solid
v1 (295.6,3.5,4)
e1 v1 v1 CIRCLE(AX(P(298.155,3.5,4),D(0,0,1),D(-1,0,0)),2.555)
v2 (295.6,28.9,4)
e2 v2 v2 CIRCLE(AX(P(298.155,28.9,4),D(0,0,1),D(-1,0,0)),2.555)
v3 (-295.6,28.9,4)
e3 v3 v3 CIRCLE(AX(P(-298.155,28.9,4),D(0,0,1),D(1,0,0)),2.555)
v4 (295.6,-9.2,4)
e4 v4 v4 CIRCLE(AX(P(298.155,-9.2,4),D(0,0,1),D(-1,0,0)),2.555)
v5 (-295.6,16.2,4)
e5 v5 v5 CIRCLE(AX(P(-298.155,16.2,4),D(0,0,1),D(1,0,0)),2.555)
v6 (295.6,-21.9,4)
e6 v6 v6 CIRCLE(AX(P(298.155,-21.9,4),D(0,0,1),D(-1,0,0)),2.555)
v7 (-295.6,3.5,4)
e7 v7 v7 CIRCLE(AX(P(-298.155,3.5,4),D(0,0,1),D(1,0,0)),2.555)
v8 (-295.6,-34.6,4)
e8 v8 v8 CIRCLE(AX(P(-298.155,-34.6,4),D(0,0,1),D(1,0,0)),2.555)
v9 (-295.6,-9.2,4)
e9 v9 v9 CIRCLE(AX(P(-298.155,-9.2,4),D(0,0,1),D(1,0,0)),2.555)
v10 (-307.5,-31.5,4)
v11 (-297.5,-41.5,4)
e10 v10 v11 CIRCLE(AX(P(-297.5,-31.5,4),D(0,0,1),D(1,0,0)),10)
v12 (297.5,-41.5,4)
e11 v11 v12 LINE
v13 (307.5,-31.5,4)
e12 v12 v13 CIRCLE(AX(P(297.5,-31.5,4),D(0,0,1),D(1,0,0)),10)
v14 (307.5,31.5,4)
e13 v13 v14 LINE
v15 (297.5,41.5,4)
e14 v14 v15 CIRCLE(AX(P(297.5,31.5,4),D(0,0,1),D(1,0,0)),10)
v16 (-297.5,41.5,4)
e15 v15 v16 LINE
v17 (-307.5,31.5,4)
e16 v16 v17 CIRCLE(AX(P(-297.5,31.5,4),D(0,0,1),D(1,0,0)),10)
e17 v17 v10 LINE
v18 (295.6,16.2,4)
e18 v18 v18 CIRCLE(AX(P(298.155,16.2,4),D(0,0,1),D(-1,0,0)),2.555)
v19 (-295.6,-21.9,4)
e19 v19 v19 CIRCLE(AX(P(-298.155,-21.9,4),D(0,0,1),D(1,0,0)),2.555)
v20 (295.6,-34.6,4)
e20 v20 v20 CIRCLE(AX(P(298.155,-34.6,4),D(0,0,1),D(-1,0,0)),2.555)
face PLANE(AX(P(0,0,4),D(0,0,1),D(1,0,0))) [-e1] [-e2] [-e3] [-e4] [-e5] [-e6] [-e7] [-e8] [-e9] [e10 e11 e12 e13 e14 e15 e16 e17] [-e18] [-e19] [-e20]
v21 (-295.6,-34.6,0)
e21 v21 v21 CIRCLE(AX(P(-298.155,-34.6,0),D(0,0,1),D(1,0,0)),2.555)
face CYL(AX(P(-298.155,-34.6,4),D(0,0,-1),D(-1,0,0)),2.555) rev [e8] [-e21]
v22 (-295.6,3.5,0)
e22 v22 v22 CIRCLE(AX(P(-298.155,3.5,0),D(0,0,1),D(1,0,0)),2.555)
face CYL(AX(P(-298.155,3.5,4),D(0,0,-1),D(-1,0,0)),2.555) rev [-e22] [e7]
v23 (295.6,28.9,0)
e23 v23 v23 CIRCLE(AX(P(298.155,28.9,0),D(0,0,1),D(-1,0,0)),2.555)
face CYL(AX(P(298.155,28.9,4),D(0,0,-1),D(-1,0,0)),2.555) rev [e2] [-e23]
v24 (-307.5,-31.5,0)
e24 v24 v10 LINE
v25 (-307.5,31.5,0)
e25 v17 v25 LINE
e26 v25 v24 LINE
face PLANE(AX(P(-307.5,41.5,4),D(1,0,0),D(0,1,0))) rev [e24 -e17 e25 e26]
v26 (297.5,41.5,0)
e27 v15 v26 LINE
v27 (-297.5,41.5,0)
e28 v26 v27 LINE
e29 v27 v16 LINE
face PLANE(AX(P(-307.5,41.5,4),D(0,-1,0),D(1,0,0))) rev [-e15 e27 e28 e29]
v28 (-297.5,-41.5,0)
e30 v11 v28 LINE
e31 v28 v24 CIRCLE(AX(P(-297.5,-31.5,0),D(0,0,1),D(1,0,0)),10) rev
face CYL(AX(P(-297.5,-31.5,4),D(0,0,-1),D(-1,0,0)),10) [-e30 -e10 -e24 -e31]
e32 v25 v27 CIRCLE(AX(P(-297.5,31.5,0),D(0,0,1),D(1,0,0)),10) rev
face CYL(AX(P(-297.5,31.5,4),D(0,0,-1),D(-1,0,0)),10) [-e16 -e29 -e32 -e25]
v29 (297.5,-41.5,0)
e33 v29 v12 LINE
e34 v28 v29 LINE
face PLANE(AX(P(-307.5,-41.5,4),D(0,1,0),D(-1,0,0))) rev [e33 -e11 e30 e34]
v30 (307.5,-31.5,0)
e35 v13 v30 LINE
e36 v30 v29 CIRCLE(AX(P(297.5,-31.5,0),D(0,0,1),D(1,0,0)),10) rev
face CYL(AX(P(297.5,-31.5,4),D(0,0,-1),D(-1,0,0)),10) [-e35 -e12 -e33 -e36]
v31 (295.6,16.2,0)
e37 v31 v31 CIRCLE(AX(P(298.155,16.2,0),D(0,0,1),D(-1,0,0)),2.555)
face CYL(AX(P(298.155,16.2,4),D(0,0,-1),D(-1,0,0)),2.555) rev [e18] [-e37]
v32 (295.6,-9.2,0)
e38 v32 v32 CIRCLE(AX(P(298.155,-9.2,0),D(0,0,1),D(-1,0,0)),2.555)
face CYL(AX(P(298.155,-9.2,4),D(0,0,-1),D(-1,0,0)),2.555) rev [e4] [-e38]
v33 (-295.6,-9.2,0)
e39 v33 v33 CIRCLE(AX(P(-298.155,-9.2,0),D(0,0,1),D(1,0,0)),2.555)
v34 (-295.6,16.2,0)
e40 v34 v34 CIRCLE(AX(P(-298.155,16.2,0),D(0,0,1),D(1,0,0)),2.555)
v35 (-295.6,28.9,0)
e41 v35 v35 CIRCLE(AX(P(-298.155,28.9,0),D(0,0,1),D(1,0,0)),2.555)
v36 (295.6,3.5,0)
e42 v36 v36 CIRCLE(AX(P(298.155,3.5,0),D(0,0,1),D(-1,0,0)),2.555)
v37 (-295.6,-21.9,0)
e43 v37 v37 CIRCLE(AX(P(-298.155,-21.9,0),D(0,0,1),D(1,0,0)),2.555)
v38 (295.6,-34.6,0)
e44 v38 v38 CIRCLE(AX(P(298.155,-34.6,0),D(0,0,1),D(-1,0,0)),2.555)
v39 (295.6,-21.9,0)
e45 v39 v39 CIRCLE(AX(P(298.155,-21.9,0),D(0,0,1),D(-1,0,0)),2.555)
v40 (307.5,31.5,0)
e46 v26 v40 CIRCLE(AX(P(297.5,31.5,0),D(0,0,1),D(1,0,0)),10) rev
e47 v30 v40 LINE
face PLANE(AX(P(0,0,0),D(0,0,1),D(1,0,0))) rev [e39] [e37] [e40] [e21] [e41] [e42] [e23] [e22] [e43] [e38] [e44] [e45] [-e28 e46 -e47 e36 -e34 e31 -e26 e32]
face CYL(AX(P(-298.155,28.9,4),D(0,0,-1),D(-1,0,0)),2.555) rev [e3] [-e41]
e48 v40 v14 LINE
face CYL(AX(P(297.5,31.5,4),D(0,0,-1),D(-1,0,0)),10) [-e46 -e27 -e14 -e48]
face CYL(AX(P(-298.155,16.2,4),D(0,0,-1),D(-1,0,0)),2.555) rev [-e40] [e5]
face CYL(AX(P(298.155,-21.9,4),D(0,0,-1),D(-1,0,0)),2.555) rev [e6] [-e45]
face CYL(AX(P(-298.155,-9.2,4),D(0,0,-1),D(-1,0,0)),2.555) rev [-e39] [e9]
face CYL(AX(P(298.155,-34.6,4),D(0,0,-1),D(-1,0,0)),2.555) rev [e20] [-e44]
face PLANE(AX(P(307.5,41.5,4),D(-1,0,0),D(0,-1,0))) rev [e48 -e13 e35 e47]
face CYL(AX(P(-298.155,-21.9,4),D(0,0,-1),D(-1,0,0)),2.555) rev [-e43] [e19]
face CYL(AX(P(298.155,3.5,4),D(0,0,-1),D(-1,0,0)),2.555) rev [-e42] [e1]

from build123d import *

# Parameters (mm, degrees)
SKETCH_1_W      = 615
SKETCH_1_H      = 83
SKETCH_1_R      = 2.555
EXTRUDE_1_DEPTH = 4
FILLET_1_R      = 10


with BuildPart() as part:
    # 草图1 → 凸台-拉伸1 (new body)
    with BuildSketch(Plane.XY):
        Rectangle(SKETCH_1_W, SKETCH_1_H)
        with Locations((-298.155, -34.6)):
            Circle(SKETCH_1_R, mode=Mode.SUBTRACT)
        with Locations((-298.155, -21.9)):
            Circle(SKETCH_1_R, mode=Mode.SUBTRACT)
        with Locations((-298.155, -9.2)):
            Circle(SKETCH_1_R, mode=Mode.SUBTRACT)
        with Locations((-298.155, 3.5)):
            Circle(SKETCH_1_R, mode=Mode.SUBTRACT)
        with Locations((-298.155, 16.2)):
            Circle(SKETCH_1_R, mode=Mode.SUBTRACT)
        with Locations(Location((298.155, 16.2, 0), (0, 0, 180))):
            Circle(SKETCH_1_R, mode=Mode.SUBTRACT)
        with Locations(Location((298.155, 3.5, 0), (0, 0, 180))):
            Circle(SKETCH_1_R, mode=Mode.SUBTRACT)
        with Locations(Location((298.155, -9.2, 0), (0, 0, 180))):
            Circle(SKETCH_1_R, mode=Mode.SUBTRACT)
        with Locations(Location((298.155, -21.9, 0), (0, 0, 180))):
            Circle(SKETCH_1_R, mode=Mode.SUBTRACT)
        with Locations(Location((298.155, -34.6, 0), (0, 0, 180))):
            Circle(SKETCH_1_R, mode=Mode.SUBTRACT)
        with Locations((-298.155, 28.9)):
            Circle(SKETCH_1_R, mode=Mode.SUBTRACT)
        with Locations(Location((298.155, 28.9, 0), (0, 0, 180))):
            Circle(SKETCH_1_R, mode=Mode.SUBTRACT)
    extrude(amount=EXTRUDE_1_DEPTH)

    # 圆角1
    fillet_1_edges = [part.edges().sort_by_distance(p)[0] for p in [
        (307.5, -41.5, 2),
        (-307.5, -41.5, 2),
        (-307.5, 41.5, 2),
        (307.5, 41.5, 2),
    ]]
    fillet(fillet_1_edges, radius=FILLET_1_R)


solid = part.part
